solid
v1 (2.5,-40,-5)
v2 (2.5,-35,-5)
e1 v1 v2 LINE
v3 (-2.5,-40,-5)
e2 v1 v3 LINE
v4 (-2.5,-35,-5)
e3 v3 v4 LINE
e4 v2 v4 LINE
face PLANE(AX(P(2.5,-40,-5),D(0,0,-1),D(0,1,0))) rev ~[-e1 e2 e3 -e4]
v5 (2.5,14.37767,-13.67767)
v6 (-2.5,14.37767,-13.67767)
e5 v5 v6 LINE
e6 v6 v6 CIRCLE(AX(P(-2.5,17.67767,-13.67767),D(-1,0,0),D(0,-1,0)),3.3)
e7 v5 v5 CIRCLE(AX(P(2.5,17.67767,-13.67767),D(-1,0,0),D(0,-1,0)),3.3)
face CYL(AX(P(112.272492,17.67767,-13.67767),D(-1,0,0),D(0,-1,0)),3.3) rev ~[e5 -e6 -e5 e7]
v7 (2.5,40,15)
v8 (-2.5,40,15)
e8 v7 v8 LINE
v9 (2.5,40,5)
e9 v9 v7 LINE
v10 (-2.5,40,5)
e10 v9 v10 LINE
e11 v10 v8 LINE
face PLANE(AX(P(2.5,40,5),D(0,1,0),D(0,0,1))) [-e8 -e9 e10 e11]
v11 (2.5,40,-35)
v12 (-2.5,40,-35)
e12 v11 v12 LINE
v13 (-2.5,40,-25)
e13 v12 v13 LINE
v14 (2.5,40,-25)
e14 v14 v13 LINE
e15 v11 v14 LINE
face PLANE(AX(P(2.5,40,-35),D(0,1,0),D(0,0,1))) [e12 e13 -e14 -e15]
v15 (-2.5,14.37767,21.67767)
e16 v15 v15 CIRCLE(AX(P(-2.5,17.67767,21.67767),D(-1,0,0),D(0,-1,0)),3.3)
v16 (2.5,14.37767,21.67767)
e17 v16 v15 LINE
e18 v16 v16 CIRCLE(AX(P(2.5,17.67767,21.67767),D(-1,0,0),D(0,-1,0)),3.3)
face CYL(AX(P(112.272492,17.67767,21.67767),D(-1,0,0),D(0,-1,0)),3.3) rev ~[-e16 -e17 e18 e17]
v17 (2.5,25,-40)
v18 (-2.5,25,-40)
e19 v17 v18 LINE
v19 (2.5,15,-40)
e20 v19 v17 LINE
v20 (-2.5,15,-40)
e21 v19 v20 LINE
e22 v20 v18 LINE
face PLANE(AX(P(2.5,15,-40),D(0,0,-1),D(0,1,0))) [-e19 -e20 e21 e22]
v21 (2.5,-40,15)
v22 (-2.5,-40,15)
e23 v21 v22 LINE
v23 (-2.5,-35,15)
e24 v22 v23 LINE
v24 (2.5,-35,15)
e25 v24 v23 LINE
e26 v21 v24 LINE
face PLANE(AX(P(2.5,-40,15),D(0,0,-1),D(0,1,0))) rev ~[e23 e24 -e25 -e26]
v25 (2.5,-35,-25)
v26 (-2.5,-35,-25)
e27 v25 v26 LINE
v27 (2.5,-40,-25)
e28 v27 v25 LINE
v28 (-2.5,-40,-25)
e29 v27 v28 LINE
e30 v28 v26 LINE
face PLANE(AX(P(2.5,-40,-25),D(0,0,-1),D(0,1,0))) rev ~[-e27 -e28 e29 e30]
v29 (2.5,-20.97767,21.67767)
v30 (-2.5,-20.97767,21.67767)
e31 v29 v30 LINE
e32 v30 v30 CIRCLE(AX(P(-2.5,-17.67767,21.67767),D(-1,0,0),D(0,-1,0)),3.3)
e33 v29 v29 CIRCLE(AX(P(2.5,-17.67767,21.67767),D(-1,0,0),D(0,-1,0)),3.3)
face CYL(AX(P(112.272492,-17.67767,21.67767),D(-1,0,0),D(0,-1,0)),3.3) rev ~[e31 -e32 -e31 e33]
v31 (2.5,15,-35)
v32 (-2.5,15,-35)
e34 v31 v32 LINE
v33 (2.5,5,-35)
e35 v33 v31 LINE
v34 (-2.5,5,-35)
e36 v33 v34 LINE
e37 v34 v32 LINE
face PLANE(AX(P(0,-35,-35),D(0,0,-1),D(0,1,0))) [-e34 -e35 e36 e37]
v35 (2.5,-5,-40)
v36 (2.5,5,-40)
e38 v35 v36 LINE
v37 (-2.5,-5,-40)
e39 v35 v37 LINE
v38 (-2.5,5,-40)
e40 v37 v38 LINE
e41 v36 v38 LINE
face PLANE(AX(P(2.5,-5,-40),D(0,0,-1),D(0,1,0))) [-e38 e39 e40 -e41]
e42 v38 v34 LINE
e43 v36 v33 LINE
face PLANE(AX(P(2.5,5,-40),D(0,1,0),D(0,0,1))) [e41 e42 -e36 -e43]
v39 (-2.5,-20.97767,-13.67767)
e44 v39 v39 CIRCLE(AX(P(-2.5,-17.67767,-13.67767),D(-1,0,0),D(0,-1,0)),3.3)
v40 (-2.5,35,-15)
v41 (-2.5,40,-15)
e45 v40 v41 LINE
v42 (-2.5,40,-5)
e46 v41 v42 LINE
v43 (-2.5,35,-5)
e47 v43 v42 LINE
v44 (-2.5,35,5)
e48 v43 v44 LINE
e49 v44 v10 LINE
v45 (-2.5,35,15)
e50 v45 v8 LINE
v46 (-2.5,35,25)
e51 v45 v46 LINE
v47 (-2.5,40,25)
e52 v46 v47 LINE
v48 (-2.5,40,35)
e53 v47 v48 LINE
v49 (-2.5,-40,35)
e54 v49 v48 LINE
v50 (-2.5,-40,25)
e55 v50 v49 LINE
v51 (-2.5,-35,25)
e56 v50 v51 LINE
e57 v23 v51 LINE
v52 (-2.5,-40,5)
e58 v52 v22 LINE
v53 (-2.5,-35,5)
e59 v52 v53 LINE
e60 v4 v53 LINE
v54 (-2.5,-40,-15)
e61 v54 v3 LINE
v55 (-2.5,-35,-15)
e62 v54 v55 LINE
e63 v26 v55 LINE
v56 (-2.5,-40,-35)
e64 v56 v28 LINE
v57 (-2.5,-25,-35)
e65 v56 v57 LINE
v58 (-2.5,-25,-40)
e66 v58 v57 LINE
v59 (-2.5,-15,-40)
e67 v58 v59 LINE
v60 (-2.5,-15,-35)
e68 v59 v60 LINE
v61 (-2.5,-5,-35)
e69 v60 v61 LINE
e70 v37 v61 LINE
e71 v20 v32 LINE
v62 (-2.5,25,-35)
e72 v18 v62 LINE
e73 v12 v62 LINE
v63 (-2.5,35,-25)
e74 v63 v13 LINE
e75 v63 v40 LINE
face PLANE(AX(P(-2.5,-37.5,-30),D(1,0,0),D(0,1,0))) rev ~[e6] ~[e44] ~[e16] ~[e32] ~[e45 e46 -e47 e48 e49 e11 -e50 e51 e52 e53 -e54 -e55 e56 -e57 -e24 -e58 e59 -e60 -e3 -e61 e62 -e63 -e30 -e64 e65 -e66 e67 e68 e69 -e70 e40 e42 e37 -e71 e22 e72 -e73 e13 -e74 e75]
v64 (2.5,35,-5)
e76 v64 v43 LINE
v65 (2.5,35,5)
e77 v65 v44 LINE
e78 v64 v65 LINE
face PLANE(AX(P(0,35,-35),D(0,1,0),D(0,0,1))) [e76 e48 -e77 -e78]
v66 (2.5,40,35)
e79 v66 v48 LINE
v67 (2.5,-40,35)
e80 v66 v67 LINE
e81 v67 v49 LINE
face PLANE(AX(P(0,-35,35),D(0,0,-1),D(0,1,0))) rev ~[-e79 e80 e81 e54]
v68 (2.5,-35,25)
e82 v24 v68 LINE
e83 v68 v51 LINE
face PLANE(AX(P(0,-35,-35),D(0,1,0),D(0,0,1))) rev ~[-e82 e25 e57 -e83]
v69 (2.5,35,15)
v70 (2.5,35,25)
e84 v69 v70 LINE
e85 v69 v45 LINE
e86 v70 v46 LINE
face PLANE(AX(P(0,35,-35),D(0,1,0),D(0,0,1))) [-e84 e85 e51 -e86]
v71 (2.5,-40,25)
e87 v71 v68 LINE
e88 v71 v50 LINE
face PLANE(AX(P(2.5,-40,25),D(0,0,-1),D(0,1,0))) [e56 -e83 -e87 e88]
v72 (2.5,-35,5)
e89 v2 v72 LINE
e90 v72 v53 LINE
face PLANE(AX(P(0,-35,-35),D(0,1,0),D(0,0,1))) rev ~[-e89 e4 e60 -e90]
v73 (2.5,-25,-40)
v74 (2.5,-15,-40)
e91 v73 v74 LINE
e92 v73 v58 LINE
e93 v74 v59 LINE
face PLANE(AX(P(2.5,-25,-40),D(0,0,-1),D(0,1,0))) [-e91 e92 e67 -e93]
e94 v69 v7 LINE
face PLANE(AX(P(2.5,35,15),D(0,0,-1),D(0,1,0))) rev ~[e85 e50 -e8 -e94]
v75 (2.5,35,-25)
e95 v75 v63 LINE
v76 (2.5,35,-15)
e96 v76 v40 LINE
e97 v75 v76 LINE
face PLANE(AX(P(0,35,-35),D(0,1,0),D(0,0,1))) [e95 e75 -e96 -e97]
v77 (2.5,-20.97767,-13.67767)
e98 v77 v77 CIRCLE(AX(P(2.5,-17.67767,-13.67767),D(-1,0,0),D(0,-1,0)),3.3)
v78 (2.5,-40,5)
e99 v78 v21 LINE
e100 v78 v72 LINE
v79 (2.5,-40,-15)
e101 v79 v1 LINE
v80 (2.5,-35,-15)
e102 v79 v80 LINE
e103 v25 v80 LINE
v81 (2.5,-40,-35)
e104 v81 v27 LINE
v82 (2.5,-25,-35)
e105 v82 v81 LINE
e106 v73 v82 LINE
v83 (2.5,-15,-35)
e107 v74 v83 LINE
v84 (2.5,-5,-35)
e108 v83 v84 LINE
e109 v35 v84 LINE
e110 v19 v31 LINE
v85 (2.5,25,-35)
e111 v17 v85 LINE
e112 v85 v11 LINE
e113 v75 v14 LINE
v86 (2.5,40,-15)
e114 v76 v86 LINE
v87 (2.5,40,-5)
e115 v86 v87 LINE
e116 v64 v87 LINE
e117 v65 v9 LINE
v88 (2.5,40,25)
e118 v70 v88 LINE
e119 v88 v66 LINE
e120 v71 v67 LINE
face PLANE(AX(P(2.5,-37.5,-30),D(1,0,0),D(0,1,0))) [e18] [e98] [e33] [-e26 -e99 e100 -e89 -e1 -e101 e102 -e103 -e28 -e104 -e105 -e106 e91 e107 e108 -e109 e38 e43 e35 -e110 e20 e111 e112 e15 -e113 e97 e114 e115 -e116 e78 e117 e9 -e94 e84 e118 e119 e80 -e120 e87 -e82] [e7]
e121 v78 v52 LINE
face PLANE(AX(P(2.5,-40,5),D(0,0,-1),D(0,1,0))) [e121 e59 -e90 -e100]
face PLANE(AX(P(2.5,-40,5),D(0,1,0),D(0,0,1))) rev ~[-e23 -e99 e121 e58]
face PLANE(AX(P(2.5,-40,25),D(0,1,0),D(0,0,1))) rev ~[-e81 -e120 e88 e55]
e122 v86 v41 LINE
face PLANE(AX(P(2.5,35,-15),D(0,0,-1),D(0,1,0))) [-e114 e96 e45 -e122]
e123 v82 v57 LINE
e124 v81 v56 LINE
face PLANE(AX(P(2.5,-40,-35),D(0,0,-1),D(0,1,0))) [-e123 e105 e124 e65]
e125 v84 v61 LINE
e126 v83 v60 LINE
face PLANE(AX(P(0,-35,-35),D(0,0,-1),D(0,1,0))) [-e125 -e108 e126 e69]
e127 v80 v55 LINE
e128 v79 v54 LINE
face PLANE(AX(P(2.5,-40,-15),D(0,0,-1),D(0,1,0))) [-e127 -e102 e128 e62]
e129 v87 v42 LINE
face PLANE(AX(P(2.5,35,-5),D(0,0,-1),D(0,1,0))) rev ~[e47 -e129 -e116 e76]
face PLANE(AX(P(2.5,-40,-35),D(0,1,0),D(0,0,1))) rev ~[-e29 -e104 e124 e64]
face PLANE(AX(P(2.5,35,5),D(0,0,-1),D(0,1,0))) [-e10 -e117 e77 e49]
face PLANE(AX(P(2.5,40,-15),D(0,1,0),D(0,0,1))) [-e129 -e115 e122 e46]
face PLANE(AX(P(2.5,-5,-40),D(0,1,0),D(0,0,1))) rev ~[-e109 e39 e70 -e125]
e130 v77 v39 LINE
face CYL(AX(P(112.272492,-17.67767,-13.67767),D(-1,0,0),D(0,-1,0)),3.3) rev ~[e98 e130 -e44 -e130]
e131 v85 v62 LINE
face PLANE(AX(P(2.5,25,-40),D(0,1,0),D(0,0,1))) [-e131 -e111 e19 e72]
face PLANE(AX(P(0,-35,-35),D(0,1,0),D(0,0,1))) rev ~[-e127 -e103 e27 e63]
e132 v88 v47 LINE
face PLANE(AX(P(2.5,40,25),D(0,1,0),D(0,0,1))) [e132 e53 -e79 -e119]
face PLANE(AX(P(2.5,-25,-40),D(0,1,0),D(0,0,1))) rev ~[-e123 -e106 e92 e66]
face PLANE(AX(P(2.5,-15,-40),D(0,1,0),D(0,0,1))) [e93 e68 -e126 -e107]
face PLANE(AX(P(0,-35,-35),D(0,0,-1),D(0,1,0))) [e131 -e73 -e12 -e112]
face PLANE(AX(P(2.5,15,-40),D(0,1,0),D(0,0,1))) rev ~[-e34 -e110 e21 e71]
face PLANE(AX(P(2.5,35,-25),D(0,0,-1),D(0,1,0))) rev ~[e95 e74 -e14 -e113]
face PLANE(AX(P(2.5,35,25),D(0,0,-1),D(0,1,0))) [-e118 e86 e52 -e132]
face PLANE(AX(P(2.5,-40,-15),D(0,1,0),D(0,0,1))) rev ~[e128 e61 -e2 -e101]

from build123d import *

# Parameters (mm, degrees)
F0_W     = 70
F0_H     = 70
F1_DEPTH = 2.5
F2_W     = 10
F2_H     = 5
F3_DEPTH = 5
F4_W     = 5
F4_H     = 10
F5_DEPTH = 5
F7_D     = 6.6


with BuildPart() as f1:
    # F0 (on Right) → F1 (new body, symmetric)
    with BuildSketch(Plane.YZ):
        Rectangle(F0_W, F0_H)
    extrude(amount=F1_DEPTH, both=True)

    # F2 (on face) → F3 (join)
    with BuildSketch(Plane.YZ.offset(2.5)):
        with Locations((-20, -37.5)):
            Rectangle(F2_W, F2_H)
        with Locations((0, -37.5)):
            Rectangle(F2_W, F2_H)
        with Locations((20, -37.5)):
            Rectangle(F2_W, F2_H)
    extrude(amount=-F3_DEPTH)

    # F4 (on face) → F5 (join, through all)
    with BuildSketch(Plane.YZ.offset(2.5)):
        with Locations((-37.5, -30)):
            Rectangle(F4_W, F4_H)
        with Locations((-37.5, -10)):
            Rectangle(F4_W, F4_H)
        with Locations((-37.5, 10)):
            Rectangle(F4_W, F4_H)
        with Locations((-37.5, 30)):
            Rectangle(F4_W, F4_H)
        with Locations((37.5, 30)):
            Rectangle(F4_W, F4_H)
        with Locations((37.5, -30)):
            Rectangle(F4_W, F4_H)
        with Locations((37.5, 10)):
            Rectangle(F4_W, F4_H)
        with Locations((37.5, -10)):
            Rectangle(F4_W, F4_H)
    extrude(amount=-F5_DEPTH)

    # F7 (through all)
    with Locations(Plane.YZ.offset(2.5)):
        with Locations((-17.6776695297, 21.6776695297), (17.6776695297, 21.6776695297), (17.6776695297, -13.6776695297), (-17.6776695297, -13.6776695297)):
            Hole(F7_D / 2)


solid = f1.part
